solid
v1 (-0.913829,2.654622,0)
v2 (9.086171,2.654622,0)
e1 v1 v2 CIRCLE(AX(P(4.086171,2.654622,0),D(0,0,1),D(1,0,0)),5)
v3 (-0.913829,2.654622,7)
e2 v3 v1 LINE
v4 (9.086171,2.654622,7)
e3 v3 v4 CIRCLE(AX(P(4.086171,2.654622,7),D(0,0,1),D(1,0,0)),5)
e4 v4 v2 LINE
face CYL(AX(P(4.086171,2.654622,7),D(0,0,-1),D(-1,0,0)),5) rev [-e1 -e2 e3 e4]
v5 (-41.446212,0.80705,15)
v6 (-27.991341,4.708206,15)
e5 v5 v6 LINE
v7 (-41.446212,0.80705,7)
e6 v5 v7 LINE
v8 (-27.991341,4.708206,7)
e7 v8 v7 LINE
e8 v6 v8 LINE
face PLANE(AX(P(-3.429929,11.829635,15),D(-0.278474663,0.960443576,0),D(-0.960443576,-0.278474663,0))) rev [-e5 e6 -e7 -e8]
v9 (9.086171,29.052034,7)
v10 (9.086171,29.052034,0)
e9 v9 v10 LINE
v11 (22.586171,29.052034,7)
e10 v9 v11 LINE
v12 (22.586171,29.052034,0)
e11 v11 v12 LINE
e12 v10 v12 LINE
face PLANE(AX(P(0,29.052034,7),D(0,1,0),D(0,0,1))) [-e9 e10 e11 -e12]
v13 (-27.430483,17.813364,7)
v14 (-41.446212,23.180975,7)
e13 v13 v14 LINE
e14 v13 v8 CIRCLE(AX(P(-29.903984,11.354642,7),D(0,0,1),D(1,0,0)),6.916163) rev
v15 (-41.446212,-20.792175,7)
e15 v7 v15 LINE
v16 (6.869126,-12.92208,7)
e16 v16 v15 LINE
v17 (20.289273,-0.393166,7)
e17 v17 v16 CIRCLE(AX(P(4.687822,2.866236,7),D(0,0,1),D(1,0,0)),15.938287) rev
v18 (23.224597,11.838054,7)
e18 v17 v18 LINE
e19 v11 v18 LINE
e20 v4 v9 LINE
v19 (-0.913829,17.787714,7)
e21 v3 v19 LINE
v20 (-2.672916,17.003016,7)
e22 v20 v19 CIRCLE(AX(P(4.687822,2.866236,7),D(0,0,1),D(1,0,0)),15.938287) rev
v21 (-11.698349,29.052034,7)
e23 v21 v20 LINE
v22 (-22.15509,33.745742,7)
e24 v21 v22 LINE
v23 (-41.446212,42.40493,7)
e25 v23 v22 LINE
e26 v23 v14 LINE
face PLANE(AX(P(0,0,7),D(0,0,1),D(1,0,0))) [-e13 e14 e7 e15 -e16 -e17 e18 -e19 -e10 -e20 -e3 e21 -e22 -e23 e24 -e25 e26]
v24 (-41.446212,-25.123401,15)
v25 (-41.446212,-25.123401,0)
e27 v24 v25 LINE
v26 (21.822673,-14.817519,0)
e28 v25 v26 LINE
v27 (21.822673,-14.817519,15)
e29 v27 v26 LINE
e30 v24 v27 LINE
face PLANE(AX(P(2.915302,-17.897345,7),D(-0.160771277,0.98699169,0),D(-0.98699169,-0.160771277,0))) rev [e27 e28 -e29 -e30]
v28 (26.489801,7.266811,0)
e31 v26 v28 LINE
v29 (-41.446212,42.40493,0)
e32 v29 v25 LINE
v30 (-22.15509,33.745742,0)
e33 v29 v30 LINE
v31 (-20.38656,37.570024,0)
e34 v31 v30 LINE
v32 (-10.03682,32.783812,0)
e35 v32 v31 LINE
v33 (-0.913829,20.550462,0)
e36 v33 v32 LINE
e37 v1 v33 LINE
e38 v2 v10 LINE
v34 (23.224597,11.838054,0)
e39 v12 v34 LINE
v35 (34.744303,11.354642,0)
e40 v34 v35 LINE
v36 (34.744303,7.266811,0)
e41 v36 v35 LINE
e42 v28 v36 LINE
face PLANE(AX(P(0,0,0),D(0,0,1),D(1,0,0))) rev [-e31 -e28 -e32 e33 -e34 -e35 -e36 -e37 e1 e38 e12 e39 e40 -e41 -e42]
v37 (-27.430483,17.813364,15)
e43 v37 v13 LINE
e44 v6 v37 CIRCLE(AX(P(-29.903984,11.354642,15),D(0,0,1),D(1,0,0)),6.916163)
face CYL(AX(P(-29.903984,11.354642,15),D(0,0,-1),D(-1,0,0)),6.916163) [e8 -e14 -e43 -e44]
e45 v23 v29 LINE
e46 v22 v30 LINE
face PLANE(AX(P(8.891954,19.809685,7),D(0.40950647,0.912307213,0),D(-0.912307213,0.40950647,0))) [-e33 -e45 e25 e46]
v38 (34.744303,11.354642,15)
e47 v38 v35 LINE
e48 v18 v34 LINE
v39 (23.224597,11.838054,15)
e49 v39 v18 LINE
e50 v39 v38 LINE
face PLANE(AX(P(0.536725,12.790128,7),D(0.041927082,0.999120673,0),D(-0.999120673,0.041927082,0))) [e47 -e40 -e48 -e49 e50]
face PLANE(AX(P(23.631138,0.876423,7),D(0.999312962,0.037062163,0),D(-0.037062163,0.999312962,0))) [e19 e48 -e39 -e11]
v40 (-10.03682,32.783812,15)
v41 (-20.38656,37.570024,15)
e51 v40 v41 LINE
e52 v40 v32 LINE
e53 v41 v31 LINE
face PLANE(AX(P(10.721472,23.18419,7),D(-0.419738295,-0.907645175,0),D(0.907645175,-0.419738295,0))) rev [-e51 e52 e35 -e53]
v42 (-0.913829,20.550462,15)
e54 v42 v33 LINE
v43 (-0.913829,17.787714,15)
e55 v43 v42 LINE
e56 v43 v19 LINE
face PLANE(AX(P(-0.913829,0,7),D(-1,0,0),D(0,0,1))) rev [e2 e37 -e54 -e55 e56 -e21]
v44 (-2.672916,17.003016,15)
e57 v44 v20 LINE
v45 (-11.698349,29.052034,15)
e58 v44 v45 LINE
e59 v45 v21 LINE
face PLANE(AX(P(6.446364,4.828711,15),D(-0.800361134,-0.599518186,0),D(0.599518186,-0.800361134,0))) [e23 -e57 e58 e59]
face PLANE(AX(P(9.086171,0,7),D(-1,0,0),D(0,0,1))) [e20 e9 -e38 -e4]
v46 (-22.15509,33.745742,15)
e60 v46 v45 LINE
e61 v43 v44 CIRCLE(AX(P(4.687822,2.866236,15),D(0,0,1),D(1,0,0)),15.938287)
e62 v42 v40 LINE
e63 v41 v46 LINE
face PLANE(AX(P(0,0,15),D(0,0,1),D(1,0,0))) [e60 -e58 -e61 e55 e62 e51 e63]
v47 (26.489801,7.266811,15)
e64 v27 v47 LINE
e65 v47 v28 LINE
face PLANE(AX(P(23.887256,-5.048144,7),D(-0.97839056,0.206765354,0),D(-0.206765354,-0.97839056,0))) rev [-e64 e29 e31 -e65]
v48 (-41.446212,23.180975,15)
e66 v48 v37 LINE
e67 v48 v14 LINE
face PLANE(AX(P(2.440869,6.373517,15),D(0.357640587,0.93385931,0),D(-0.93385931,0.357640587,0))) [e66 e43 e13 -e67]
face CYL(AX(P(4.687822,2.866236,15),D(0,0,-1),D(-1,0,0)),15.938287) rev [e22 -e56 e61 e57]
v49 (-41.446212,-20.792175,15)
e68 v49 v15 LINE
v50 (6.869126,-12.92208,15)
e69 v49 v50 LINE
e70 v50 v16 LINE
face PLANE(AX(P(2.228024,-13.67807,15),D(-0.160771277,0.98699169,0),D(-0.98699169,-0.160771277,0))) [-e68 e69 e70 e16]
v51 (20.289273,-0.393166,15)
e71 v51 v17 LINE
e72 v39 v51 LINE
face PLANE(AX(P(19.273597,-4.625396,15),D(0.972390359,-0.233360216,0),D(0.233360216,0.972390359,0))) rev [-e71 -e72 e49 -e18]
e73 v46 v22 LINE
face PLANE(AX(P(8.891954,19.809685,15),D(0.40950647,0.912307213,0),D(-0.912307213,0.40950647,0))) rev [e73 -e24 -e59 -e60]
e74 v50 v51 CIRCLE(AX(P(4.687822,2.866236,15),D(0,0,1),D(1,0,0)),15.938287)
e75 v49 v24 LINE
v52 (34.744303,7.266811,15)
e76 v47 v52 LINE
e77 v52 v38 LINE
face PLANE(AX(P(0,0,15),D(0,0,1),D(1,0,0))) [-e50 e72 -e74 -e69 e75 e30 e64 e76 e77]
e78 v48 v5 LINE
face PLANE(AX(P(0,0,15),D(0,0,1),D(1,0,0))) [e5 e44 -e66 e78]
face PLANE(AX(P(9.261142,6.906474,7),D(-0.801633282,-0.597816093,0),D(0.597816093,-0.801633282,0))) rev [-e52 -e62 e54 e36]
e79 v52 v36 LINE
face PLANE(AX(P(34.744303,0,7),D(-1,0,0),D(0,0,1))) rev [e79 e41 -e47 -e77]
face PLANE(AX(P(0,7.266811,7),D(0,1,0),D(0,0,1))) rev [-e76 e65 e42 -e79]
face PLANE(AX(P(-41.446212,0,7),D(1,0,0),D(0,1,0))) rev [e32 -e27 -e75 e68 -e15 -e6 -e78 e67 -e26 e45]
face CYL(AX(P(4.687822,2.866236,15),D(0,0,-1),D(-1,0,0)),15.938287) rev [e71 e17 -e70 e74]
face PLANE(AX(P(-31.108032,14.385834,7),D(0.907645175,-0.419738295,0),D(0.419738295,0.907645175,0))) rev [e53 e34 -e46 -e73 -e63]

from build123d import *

# Parameters (mm, degrees)
BOSS_EXTRUDE2_DEPTH = 7
BOSS_EXTRUDE3_DEPTH = 15


with BuildPart() as part:
    # Sketch1 → Boss-Extrude2 (new body)
    with BuildSketch(Plane.XY):
        with BuildLine():
            Line((-41.446212302, -25.123400981), (21.822672825, -14.817519442))
            Line((21.822672825, -14.817519442), (26.489801196, 7.266810726))
            Line((26.489801196, 7.266810726), (34.744303123, 7.266810726))
            Line((34.744303123, 7.266810726), (34.744303123, 11.354641566))
            Line((34.744303123, 11.354641566), (23.2245968, 11.838054321))
            Line((23.2245968, 11.838054321), (22.586170837, 29.052034329))
            Line((22.586170837, 29.052034329), (9.086170837, 29.052034329))
            Line((9.086170837, 29.052034329), (9.086170837, 2.654622308))
            ThreePointArc((9.086170837, 2.654622308), (4.086170837, -2.345377692), (-0.913829163, 2.654622308))
            Line((-0.913829163, 2.654622308), (-0.913829163, 20.550462038))
            Line((-0.913829163, 20.550462038), (-10.036820206, 32.783811613))
            Line((-10.036820206, 32.783811613), (-20.38656022, 37.570023616))
            Line((-20.38656022, 37.570023616), (-22.155090004, 33.745741812))
            Line((-22.155090004, 33.745741812), (-41.446212302, 42.4049295))
            Line((-41.446212302, 42.4049295), (-41.446212302, -25.123400981))
        make_face()
    extrude(amount=BOSS_EXTRUDE2_DEPTH)

    # Sketch1<7> → Boss-Extrude3 (add)
    with BuildSketch(Plane.XY):
        with BuildLine():
            Line((-41.446212302, -20.792174742), (-41.446212302, -25.123400981))
            Line((-41.446212302, -25.123400981), (21.822672825, -14.817519442))
            Line((21.822672825, -14.817519442), (26.489801196, 7.266810726))
            Line((26.489801196, 7.266810726), (34.744303123, 7.266810726))
            Line((34.744303123, 7.266810726), (34.744303123, 11.354641566))
            Line((34.744303123, 11.354641566), (23.2245968, 11.838054321))
            Line((23.2245968, 11.838054321), (20.289273371, -0.393165966))
            ThreePointArc((20.289273371, -0.393165966), (15.564402865, -8.784041973), (6.869125611, -12.922079544))
            Line((6.869125611, -12.922079544), (-41.446212302, -20.792174742))
        make_face()
        with BuildLine():
            Line((-41.446212302, 0.807049614), (-27.991340604, 4.708206285))
            ThreePointArc((-27.991340604, 4.708206285), (-22.99414619, 11.058923492), (-27.430483413, 17.813364482))
            Line((-27.430483413, 17.813364482), (-41.446212302, 23.180975488))
            Line((-41.446212302, 23.180975488), (-41.446212302, 0.807049614))
        make_face()
        with BuildLine():
            Line((-11.698348753, 29.052034329), (-2.67291579, 17.003015737))
            ThreePointArc((-2.67291579, 17.003015737), (-1.805237347, 17.421962776), (-0.913829163, 17.787713989))
            Line((-0.913829163, 17.787713989), (-0.913829163, 20.550462038))
            Line((-0.913829163, 20.550462038), (-10.036820206, 32.783811613))
            Line((-10.036820206, 32.783811613), (-20.38656022, 37.570023616))
            Line((-20.38656022, 37.570023616), (-22.155090004, 33.745741812))
            Line((-22.155090004, 33.745741812), (-11.698348753, 29.052034329))
        make_face()
    extrude(amount=BOSS_EXTRUDE3_DEPTH)


solid = part.part
